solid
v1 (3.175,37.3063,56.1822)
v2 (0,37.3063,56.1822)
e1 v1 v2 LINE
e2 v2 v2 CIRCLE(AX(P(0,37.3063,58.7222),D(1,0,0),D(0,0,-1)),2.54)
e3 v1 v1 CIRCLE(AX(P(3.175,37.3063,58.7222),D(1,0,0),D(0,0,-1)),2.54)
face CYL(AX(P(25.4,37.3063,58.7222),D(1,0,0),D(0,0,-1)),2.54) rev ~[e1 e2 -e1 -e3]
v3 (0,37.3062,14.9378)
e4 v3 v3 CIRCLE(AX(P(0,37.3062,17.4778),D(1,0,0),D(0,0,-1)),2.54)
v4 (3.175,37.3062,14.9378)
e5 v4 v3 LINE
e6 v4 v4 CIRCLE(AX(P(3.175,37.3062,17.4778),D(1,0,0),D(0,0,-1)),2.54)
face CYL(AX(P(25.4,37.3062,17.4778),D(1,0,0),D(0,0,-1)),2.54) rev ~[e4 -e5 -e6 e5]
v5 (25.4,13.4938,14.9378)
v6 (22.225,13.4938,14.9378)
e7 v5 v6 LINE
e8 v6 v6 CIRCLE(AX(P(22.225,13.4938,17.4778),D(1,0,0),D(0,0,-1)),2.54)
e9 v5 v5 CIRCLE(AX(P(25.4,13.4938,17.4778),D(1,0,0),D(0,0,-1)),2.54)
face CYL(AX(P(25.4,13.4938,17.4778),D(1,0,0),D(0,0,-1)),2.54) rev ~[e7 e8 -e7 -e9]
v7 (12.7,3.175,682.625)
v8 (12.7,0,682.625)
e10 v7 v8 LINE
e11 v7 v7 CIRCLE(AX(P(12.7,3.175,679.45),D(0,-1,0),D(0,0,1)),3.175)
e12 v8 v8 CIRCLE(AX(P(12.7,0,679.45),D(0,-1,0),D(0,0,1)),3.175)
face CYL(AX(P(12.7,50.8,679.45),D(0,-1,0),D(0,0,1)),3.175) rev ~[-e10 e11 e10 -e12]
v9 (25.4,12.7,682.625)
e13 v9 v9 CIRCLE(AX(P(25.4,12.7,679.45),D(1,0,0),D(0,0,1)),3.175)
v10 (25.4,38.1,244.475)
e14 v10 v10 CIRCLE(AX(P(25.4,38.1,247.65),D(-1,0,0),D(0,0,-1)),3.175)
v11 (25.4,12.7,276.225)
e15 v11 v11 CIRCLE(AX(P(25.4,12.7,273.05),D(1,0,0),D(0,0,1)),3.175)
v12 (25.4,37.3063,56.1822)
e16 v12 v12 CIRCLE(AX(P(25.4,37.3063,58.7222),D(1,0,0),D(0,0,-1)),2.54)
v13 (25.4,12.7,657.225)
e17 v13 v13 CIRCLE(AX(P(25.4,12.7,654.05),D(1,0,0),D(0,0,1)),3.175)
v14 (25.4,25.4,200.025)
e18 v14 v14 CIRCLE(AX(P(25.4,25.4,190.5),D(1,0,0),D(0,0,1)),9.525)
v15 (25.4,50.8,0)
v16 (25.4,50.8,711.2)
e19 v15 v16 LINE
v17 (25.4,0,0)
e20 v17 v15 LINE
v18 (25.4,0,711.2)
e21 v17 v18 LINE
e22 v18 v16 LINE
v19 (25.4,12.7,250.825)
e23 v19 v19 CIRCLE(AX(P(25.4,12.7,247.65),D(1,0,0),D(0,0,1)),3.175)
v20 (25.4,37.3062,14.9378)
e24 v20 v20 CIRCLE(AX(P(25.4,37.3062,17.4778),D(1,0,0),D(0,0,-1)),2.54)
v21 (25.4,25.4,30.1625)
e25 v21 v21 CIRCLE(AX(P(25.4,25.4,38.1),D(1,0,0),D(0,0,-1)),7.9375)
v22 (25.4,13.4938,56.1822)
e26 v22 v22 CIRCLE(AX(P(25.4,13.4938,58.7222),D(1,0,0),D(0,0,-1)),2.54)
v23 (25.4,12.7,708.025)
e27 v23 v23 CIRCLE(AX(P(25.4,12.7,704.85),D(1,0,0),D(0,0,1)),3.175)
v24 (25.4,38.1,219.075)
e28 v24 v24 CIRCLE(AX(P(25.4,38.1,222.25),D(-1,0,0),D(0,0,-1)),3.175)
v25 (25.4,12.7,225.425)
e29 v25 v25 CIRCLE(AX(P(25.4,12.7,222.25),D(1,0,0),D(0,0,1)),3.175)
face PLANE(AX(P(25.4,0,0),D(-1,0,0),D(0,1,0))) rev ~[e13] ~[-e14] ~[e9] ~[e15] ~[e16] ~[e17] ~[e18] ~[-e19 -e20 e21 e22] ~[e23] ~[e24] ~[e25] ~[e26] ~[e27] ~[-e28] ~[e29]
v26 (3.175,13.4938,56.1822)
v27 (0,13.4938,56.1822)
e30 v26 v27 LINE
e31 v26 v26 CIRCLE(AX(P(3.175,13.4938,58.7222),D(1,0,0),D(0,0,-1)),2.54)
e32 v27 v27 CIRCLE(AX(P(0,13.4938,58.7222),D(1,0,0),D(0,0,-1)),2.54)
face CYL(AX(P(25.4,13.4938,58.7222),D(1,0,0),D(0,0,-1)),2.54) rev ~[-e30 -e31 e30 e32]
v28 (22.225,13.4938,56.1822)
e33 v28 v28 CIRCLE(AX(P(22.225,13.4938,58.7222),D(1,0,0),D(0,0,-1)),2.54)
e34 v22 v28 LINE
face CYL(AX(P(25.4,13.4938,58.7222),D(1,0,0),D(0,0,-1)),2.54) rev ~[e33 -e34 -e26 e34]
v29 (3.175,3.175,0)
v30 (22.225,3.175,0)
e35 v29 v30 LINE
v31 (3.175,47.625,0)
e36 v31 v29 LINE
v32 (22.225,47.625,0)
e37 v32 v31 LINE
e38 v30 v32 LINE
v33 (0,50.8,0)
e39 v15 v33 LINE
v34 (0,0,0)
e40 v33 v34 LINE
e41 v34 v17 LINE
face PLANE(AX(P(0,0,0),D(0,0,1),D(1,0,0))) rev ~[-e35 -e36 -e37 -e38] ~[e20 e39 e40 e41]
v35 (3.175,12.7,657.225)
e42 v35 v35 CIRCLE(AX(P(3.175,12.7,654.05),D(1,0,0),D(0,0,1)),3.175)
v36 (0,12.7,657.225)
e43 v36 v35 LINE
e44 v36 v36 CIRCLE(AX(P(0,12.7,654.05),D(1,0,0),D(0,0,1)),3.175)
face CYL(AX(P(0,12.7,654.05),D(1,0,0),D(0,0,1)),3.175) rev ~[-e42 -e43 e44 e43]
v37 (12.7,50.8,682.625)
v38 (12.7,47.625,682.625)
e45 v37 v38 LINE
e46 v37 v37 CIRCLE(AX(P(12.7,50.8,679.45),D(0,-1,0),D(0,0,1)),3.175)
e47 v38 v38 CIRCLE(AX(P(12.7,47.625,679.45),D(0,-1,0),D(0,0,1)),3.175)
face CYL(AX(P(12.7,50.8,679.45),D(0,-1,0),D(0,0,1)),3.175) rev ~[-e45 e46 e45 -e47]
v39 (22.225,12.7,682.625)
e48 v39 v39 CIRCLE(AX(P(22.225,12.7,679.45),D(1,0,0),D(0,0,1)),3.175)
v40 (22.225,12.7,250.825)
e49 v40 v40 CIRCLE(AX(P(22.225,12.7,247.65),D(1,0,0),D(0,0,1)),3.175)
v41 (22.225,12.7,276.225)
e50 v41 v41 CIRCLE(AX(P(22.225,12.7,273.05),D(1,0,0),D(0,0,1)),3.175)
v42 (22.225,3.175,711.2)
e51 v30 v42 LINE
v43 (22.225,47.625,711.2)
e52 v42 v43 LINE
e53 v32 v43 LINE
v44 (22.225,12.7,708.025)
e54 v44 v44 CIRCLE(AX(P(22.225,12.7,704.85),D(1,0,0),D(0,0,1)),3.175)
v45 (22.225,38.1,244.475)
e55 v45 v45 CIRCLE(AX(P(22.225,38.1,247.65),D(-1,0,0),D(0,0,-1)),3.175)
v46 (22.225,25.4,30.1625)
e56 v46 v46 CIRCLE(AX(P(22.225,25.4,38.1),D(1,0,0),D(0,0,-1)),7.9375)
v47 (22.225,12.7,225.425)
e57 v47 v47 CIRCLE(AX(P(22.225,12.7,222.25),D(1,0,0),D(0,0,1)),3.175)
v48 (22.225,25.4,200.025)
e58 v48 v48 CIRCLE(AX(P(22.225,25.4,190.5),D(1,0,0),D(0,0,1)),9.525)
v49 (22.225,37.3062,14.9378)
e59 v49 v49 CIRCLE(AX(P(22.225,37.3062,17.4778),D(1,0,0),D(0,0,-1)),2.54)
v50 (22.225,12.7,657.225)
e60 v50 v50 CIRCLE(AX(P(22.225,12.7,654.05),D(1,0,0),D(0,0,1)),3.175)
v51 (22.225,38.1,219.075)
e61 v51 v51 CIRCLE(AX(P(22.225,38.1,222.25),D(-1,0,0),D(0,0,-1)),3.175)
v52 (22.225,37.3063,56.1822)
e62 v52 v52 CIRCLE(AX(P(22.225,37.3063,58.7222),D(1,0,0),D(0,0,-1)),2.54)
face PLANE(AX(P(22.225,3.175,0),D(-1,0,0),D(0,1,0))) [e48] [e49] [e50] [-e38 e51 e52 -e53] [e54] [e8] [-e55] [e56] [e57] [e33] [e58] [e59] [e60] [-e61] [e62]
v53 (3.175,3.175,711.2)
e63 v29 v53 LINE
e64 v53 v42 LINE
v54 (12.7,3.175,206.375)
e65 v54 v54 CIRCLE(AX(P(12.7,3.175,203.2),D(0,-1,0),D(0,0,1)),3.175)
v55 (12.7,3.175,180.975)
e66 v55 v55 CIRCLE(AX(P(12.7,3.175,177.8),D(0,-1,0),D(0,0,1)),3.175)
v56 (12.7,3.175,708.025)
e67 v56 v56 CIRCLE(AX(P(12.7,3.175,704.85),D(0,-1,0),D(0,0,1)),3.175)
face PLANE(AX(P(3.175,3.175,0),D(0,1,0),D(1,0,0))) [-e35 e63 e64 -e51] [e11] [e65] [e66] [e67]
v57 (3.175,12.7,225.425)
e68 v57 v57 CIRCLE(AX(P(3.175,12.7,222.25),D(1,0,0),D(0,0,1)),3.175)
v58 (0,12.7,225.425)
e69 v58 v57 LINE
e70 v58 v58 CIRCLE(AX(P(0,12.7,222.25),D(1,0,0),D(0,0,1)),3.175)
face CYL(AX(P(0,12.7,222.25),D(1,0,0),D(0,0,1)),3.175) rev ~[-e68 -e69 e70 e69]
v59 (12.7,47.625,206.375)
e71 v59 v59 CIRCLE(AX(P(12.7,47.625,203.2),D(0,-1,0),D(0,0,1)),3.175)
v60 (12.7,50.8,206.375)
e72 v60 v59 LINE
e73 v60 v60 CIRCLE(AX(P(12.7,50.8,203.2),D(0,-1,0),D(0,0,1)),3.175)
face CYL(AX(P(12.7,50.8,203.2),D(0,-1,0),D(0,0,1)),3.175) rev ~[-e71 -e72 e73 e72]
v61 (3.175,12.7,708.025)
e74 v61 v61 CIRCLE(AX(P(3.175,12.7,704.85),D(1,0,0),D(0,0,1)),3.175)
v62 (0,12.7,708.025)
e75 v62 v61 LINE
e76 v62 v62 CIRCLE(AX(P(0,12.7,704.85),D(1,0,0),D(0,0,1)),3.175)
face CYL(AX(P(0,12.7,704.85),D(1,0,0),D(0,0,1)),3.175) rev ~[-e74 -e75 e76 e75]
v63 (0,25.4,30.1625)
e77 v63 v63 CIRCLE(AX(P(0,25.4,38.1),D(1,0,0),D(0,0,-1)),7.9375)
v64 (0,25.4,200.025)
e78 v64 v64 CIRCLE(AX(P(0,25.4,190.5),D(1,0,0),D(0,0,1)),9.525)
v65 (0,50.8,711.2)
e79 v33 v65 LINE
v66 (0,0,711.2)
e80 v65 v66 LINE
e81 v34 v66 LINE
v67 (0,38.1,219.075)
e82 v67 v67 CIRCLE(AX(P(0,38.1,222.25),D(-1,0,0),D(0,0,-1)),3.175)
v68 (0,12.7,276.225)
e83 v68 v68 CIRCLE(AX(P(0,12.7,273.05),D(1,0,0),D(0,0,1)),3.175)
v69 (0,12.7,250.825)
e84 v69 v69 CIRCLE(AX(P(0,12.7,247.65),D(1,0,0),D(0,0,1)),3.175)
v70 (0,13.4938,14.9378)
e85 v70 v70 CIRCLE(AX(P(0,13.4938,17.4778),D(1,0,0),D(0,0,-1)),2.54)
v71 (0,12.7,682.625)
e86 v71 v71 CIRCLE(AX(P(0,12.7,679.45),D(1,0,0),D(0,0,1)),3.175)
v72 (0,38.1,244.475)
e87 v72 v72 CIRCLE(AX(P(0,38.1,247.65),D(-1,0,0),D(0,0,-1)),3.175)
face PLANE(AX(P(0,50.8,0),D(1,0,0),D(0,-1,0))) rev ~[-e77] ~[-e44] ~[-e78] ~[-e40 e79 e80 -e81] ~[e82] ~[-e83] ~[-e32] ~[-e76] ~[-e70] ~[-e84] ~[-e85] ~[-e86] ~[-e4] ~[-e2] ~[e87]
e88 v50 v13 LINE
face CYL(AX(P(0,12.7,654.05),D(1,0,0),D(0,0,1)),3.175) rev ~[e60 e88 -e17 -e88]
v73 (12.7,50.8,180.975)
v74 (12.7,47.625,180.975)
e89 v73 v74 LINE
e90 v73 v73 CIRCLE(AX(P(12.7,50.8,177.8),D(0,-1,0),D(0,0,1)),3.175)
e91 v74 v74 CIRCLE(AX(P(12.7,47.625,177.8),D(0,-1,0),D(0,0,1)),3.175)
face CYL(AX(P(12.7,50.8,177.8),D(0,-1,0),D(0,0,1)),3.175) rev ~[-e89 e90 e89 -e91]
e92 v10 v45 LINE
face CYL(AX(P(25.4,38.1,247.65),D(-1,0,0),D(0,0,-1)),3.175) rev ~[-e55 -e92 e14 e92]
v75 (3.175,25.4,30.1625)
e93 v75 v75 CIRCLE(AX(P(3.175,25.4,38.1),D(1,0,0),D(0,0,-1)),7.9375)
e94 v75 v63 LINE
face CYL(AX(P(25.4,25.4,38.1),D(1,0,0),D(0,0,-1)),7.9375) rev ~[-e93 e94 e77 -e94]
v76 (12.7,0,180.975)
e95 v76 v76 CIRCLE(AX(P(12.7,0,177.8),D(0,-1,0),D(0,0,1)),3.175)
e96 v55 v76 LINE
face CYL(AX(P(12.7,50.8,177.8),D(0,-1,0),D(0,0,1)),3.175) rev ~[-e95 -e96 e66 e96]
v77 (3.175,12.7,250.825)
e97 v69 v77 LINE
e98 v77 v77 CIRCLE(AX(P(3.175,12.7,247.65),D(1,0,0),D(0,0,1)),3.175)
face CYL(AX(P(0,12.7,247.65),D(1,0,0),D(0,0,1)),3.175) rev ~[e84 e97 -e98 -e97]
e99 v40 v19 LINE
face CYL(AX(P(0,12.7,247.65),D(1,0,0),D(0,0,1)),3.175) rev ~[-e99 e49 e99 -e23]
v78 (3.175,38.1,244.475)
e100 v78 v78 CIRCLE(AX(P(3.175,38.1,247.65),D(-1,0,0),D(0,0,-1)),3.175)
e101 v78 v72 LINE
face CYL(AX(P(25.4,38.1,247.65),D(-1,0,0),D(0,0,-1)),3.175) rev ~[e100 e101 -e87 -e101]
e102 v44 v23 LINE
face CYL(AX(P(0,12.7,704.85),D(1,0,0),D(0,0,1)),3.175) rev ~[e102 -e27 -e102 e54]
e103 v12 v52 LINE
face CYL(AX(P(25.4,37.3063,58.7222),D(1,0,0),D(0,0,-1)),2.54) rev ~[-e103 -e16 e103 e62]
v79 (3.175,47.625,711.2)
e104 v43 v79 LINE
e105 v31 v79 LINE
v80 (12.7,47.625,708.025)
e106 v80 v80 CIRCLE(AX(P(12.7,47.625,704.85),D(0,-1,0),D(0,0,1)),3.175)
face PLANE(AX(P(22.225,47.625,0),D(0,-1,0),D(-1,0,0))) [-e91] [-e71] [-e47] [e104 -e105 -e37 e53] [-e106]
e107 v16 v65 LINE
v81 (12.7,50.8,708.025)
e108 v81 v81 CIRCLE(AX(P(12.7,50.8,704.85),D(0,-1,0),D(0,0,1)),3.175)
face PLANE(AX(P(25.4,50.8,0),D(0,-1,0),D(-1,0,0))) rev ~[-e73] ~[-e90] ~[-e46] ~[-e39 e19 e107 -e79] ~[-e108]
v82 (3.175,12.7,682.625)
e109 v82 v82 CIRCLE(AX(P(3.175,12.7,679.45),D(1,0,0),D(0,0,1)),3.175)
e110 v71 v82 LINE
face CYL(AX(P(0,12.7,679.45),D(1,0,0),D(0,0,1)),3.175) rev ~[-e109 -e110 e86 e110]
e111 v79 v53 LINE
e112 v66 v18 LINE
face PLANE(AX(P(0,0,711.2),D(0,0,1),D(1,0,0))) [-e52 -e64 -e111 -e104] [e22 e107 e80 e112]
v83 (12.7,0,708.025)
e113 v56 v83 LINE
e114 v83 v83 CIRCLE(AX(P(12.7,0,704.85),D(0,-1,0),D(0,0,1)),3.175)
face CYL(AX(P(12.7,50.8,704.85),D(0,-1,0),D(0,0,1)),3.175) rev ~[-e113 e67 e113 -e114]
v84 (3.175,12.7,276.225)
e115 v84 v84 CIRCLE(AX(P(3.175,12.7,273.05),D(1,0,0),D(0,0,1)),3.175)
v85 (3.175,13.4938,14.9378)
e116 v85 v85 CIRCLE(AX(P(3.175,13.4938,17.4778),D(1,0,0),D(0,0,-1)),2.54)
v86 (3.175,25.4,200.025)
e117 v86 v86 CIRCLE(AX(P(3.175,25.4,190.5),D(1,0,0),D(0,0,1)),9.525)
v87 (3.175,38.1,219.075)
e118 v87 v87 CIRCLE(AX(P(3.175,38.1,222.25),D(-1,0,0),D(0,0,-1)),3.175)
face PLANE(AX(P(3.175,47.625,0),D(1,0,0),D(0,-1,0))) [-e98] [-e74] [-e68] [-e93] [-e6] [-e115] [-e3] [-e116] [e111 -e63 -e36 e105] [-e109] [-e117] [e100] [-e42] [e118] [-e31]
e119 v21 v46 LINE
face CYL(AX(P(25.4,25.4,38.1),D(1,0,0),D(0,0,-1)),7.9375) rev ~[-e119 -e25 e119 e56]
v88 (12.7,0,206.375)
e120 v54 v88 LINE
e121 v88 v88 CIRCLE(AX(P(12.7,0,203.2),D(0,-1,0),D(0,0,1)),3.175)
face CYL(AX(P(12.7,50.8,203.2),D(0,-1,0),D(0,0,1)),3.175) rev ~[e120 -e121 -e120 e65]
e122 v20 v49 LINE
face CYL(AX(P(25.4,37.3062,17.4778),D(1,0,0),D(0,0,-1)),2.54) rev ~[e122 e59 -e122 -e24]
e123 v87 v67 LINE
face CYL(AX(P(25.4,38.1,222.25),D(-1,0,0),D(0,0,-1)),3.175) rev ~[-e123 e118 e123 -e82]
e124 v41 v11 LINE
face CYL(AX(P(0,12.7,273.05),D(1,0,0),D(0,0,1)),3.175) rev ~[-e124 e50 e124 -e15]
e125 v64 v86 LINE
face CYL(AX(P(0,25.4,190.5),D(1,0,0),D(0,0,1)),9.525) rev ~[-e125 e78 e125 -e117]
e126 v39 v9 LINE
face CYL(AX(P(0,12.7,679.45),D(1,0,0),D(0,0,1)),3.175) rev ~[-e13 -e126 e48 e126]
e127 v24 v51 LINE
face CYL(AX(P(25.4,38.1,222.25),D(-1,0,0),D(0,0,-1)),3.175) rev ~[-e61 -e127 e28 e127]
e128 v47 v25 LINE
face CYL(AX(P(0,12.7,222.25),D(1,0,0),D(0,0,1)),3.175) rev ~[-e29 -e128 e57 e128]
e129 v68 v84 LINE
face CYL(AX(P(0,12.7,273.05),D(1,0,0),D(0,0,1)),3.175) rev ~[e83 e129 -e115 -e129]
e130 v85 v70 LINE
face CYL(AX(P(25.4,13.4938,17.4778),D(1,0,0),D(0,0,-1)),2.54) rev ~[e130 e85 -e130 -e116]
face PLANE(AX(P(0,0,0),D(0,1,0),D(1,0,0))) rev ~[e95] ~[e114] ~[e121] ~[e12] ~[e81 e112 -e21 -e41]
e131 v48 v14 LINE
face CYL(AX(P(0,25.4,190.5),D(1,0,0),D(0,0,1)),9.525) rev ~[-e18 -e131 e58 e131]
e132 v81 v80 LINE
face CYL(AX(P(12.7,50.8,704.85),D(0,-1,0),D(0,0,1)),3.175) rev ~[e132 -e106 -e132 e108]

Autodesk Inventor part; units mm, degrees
ref_plane "YZ Plane" through (0, 0, 0) normal (1, 0, 0) x (0, 1, 0)
ref_plane "XZ Plane" through (0, 0, 0) normal (0, 1, 0) x (-1, 0, 0)
ref_plane "XY Plane" through (0, 0, 0) normal (0, 0, 1) x (1, 0, 0)
sketch "Sketch1" plane through (0, 0, 0) normal (0, 0, 1) x (1, 0, 0)
  line L0 (0, 0) -> (25.4, 0)
  line L1 (25.4, 0) -> (25.4, 50.8)
  line L2 (25.4, 50.8) -> (0, 50.8)
  line L3 (0, 50.8) -> (0, 0)
  line L4 (3.175, 3.175) -> (22.225, 3.175)
  line L5 (22.225, 3.175) -> (22.225, 47.625)
  line L6 (22.225, 47.625) -> (3.175, 47.625)
  line L7 (3.175, 47.625) -> (3.175, 3.175)
  dimension "d0" = 25.4
  dimension "d1" = 50.8
  dimension "d2" = 19.05
  dimension "d3" = 44.45
  dimension "d4" = 3.175
  dimension "d5" = 3.175
extrude "Extrusion1" add sketch "Sketch1" along normal blind 711.2
sketch "Sketch9" plane through (0, 50.8, 0) normal (0, 1, 0) x (1, 0, 0)
  line L0 (25.4, 0) -> (0, 0) projected
  line L1 (0, 0) -> (0, -711.2) projected
  line L2 (25.4, -711.2) -> (0, -711.2) projected
  line L3 (25.4, 0) -> (25.4, -711.2) projected
  point P0 (12.7, -704.85)
  point P1 (12.7, -679.45)
  point P2 (12.7, -203.2)
  point P3 (12.7, -177.8)
  dimension "d75" = 6.35
  dimension "d76" = 12.7
  dimension "d77" = 12.7
  dimension "d78" = 31.75
  dimension "d79" = 12.7
  dimension "d80" = 12.7
  dimension "d81" = 508
  dimension "d82" = 533.4
hole "Hole6" at (12.7, 50.8, 704.85) at (12.7, 50.8, 679.45) at (12.7, 50.8, 203.2) at (12.7, 50.8, 177.8) direction (0, -1, 0) diameter 6.35 end through all
sketch "Sketch10" plane through (0, 0, 0) normal (-1, 0, 0) x (0, 0, 1)
  line L0 (0, 50.8) -> (0, 0) projected
  line L1 (0, 0) -> (711.2, 0) projected
  line L2 (711.2, 50.8) -> (711.2, 0) projected
  line L3 (0, 50.8) -> (711.2, 50.8) projected
  point P0 (704.85, 12.7)
  point P1 (679.45, 12.7)
  point P2 (273.05, 12.7)
  point P3 (247.65, 12.7)
  point P4 (222.25, 12.7)
  point P5 (654.05, 12.7)
  dimension "d90" = 6.35
  dimension "d91" = 12.7
  dimension "d92" = 12.7
  dimension "d93" = 31.75
  dimension "d94" = 12.7
  dimension "d95" = 12.7
  dimension "d96" = 438.15
  dimension "d97" = 463.55
  dimension "d130" = 12.7
  dimension "d131" = 488.95
  dimension "d132" = 12.7
  dimension "d133" = 57.15
sketch "Sketch11" plane through (0, 0, 0) normal (-1, 0, 0) x (0, 0, 1)
  line L0 (0, 50.8) -> (0, 0) projected
  line L1 (0, 0) -> (711.2, 0) projected
  line L2 (711.2, 50.8) -> (711.2, 0) projected
  line L3 (0, 50.8) -> (711.2, 50.8) projected
  point P0 (190.5, 25.4)
  dimension "d105" = 25.4
  dimension "d129" = 520.7
hole "Hole8" at (0, 25.4, 190.5) direction (1, 0, 0) diameter 19.05 end through all
hole "Hole10" at (0, 12.7, 704.85) at (0, 12.7, 679.45) at (0, 12.7, 273.05) at (0, 12.7, 247.65) at (0, 12.7, 222.25) at (0, 12.7, 654.05) direction (1, 0, 0) diameter 6.35 end through all
sketch "Sketch13" plane through (25.4, 0, 0) normal (1, 0, 0) x (0, 0, -1)
  circle A0 centre (-222.25, 12.7) radius 3.175 projected
  circle A1 centre (-273.05, 12.7) radius 3.175 projected
  circle A2 centre (-704.85, 12.7) radius 3.175 projected
  circle A3 centre (-679.45, 12.7) radius 3.175 projected
  circle A4 centre (-247.65, 12.7) radius 3.175 projected
  circle A5 centre (-654.05, 12.7) radius 3.175 projected
  circle A6 centre (-190.5, 25.4) radius 9.525 projected
  line L0 (0, 0) -> (0, 50.8) projected
  line L1 (0, 50.8) -> (-711.2, 50.8) projected
  line L2 (-711.2, 0) -> (-711.2, 50.8) projected
  line L3 (0, 0) -> (-711.2, 0) projected
  point P0 (-247.65, 38.1)
  point P1 (-222.25, 38.1)
  dimension "d141" = 12.7
  dimension "d142" = 12.7
  dimension "d143" = 463.55
  dimension "d144" = 488.95
hole "Hole11" at (25.4, 38.1, 247.65) at (25.4, 38.1, 222.25) direction (-1, 0, 0) diameter 6.35 end through all
sketch "Sketch14" plane through (25.4, 0, 0) normal (1, 0, 0) x (0, 0, -1)
  circle A0 centre (-247.65, 38.1) radius 3.175 projected
  circle A1 centre (-222.25, 38.1) radius 3.175 projected
  circle A2 centre (-222.25, 12.7) radius 3.175 projected
  circle A3 centre (-273.05, 12.7) radius 3.175 projected
  circle A4 centre (-704.85, 12.7) radius 3.175 projected
  circle A5 centre (-679.45, 12.7) radius 3.175 projected
  circle A6 centre (-247.65, 12.7) radius 3.175 projected
  circle A7 centre (-654.05, 12.7) radius 3.175 projected
  circle A8 centre (-190.5, 25.4) radius 9.525 projected
  line L0 (0, 0) -> (0, 50.8) projected
  line L1 (0, 50.8) -> (-711.2, 50.8) projected
  line L2 (-711.2, 0) -> (-711.2, 50.8) projected
  line L3 (0, 0) -> (-711.2, 0) projected
  line L4 (-38.1, 25.4) -> (-17.4778, 37.3062) construction
  line L5 (-38.1, 25.4) -> (-14.2875, 25.4) construction
  line L6 (-38.1, 25.4) -> (-17.4778, 13.4938) construction
  line L7 (-38.1, 25.4) -> (-14.2875, 25.4) construction
  line L8 (-38.1, 25.4) -> (-58.7222, 37.3063) construction
  line L9 (-38.1, 25.4) -> (-14.2875, 25.4) construction
  line L10 (-38.1, 25.4) -> (-58.7222, 13.4938) construction
  line L11 (-38.1, 25.4) -> (-14.2875, 25.4) construction
  circle A9 centre (-38.1, 25.4) radius 7.9375
  circle A10 centre (-58.7222, 37.3063) radius 2.54
  circle A11 centre (-58.7222, 13.4938) radius 2.54
  circle A12 centre (-17.4778, 13.4938) radius 2.54
  circle A13 centre (-17.4778, 37.3062) radius 2.54
  dimension "d152" = 38.1
  dimension "d153" = 25.4
  dimension "d154" = 23.8125
  dimension "d155" = 30
  dimension "d156" = 23.8125
  dimension "d157" = 30
  dimension "d158" = 23.8125
  dimension "d159" = 150
  dimension "d160" = 23.8125
  dimension "d161" = 150
  dimension "d162" = 15.875
  dimension "d163" = 5.08
  dimension "d164" = 5.08
  dimension "d165" = 5.08
  dimension "d166" = 5.08
extrude "Extrusion4" cut sketch "Sketch14" against normal blind 25.4 contours A9 | A10 | A11 | A12 | A13
properties part number "2x1"
